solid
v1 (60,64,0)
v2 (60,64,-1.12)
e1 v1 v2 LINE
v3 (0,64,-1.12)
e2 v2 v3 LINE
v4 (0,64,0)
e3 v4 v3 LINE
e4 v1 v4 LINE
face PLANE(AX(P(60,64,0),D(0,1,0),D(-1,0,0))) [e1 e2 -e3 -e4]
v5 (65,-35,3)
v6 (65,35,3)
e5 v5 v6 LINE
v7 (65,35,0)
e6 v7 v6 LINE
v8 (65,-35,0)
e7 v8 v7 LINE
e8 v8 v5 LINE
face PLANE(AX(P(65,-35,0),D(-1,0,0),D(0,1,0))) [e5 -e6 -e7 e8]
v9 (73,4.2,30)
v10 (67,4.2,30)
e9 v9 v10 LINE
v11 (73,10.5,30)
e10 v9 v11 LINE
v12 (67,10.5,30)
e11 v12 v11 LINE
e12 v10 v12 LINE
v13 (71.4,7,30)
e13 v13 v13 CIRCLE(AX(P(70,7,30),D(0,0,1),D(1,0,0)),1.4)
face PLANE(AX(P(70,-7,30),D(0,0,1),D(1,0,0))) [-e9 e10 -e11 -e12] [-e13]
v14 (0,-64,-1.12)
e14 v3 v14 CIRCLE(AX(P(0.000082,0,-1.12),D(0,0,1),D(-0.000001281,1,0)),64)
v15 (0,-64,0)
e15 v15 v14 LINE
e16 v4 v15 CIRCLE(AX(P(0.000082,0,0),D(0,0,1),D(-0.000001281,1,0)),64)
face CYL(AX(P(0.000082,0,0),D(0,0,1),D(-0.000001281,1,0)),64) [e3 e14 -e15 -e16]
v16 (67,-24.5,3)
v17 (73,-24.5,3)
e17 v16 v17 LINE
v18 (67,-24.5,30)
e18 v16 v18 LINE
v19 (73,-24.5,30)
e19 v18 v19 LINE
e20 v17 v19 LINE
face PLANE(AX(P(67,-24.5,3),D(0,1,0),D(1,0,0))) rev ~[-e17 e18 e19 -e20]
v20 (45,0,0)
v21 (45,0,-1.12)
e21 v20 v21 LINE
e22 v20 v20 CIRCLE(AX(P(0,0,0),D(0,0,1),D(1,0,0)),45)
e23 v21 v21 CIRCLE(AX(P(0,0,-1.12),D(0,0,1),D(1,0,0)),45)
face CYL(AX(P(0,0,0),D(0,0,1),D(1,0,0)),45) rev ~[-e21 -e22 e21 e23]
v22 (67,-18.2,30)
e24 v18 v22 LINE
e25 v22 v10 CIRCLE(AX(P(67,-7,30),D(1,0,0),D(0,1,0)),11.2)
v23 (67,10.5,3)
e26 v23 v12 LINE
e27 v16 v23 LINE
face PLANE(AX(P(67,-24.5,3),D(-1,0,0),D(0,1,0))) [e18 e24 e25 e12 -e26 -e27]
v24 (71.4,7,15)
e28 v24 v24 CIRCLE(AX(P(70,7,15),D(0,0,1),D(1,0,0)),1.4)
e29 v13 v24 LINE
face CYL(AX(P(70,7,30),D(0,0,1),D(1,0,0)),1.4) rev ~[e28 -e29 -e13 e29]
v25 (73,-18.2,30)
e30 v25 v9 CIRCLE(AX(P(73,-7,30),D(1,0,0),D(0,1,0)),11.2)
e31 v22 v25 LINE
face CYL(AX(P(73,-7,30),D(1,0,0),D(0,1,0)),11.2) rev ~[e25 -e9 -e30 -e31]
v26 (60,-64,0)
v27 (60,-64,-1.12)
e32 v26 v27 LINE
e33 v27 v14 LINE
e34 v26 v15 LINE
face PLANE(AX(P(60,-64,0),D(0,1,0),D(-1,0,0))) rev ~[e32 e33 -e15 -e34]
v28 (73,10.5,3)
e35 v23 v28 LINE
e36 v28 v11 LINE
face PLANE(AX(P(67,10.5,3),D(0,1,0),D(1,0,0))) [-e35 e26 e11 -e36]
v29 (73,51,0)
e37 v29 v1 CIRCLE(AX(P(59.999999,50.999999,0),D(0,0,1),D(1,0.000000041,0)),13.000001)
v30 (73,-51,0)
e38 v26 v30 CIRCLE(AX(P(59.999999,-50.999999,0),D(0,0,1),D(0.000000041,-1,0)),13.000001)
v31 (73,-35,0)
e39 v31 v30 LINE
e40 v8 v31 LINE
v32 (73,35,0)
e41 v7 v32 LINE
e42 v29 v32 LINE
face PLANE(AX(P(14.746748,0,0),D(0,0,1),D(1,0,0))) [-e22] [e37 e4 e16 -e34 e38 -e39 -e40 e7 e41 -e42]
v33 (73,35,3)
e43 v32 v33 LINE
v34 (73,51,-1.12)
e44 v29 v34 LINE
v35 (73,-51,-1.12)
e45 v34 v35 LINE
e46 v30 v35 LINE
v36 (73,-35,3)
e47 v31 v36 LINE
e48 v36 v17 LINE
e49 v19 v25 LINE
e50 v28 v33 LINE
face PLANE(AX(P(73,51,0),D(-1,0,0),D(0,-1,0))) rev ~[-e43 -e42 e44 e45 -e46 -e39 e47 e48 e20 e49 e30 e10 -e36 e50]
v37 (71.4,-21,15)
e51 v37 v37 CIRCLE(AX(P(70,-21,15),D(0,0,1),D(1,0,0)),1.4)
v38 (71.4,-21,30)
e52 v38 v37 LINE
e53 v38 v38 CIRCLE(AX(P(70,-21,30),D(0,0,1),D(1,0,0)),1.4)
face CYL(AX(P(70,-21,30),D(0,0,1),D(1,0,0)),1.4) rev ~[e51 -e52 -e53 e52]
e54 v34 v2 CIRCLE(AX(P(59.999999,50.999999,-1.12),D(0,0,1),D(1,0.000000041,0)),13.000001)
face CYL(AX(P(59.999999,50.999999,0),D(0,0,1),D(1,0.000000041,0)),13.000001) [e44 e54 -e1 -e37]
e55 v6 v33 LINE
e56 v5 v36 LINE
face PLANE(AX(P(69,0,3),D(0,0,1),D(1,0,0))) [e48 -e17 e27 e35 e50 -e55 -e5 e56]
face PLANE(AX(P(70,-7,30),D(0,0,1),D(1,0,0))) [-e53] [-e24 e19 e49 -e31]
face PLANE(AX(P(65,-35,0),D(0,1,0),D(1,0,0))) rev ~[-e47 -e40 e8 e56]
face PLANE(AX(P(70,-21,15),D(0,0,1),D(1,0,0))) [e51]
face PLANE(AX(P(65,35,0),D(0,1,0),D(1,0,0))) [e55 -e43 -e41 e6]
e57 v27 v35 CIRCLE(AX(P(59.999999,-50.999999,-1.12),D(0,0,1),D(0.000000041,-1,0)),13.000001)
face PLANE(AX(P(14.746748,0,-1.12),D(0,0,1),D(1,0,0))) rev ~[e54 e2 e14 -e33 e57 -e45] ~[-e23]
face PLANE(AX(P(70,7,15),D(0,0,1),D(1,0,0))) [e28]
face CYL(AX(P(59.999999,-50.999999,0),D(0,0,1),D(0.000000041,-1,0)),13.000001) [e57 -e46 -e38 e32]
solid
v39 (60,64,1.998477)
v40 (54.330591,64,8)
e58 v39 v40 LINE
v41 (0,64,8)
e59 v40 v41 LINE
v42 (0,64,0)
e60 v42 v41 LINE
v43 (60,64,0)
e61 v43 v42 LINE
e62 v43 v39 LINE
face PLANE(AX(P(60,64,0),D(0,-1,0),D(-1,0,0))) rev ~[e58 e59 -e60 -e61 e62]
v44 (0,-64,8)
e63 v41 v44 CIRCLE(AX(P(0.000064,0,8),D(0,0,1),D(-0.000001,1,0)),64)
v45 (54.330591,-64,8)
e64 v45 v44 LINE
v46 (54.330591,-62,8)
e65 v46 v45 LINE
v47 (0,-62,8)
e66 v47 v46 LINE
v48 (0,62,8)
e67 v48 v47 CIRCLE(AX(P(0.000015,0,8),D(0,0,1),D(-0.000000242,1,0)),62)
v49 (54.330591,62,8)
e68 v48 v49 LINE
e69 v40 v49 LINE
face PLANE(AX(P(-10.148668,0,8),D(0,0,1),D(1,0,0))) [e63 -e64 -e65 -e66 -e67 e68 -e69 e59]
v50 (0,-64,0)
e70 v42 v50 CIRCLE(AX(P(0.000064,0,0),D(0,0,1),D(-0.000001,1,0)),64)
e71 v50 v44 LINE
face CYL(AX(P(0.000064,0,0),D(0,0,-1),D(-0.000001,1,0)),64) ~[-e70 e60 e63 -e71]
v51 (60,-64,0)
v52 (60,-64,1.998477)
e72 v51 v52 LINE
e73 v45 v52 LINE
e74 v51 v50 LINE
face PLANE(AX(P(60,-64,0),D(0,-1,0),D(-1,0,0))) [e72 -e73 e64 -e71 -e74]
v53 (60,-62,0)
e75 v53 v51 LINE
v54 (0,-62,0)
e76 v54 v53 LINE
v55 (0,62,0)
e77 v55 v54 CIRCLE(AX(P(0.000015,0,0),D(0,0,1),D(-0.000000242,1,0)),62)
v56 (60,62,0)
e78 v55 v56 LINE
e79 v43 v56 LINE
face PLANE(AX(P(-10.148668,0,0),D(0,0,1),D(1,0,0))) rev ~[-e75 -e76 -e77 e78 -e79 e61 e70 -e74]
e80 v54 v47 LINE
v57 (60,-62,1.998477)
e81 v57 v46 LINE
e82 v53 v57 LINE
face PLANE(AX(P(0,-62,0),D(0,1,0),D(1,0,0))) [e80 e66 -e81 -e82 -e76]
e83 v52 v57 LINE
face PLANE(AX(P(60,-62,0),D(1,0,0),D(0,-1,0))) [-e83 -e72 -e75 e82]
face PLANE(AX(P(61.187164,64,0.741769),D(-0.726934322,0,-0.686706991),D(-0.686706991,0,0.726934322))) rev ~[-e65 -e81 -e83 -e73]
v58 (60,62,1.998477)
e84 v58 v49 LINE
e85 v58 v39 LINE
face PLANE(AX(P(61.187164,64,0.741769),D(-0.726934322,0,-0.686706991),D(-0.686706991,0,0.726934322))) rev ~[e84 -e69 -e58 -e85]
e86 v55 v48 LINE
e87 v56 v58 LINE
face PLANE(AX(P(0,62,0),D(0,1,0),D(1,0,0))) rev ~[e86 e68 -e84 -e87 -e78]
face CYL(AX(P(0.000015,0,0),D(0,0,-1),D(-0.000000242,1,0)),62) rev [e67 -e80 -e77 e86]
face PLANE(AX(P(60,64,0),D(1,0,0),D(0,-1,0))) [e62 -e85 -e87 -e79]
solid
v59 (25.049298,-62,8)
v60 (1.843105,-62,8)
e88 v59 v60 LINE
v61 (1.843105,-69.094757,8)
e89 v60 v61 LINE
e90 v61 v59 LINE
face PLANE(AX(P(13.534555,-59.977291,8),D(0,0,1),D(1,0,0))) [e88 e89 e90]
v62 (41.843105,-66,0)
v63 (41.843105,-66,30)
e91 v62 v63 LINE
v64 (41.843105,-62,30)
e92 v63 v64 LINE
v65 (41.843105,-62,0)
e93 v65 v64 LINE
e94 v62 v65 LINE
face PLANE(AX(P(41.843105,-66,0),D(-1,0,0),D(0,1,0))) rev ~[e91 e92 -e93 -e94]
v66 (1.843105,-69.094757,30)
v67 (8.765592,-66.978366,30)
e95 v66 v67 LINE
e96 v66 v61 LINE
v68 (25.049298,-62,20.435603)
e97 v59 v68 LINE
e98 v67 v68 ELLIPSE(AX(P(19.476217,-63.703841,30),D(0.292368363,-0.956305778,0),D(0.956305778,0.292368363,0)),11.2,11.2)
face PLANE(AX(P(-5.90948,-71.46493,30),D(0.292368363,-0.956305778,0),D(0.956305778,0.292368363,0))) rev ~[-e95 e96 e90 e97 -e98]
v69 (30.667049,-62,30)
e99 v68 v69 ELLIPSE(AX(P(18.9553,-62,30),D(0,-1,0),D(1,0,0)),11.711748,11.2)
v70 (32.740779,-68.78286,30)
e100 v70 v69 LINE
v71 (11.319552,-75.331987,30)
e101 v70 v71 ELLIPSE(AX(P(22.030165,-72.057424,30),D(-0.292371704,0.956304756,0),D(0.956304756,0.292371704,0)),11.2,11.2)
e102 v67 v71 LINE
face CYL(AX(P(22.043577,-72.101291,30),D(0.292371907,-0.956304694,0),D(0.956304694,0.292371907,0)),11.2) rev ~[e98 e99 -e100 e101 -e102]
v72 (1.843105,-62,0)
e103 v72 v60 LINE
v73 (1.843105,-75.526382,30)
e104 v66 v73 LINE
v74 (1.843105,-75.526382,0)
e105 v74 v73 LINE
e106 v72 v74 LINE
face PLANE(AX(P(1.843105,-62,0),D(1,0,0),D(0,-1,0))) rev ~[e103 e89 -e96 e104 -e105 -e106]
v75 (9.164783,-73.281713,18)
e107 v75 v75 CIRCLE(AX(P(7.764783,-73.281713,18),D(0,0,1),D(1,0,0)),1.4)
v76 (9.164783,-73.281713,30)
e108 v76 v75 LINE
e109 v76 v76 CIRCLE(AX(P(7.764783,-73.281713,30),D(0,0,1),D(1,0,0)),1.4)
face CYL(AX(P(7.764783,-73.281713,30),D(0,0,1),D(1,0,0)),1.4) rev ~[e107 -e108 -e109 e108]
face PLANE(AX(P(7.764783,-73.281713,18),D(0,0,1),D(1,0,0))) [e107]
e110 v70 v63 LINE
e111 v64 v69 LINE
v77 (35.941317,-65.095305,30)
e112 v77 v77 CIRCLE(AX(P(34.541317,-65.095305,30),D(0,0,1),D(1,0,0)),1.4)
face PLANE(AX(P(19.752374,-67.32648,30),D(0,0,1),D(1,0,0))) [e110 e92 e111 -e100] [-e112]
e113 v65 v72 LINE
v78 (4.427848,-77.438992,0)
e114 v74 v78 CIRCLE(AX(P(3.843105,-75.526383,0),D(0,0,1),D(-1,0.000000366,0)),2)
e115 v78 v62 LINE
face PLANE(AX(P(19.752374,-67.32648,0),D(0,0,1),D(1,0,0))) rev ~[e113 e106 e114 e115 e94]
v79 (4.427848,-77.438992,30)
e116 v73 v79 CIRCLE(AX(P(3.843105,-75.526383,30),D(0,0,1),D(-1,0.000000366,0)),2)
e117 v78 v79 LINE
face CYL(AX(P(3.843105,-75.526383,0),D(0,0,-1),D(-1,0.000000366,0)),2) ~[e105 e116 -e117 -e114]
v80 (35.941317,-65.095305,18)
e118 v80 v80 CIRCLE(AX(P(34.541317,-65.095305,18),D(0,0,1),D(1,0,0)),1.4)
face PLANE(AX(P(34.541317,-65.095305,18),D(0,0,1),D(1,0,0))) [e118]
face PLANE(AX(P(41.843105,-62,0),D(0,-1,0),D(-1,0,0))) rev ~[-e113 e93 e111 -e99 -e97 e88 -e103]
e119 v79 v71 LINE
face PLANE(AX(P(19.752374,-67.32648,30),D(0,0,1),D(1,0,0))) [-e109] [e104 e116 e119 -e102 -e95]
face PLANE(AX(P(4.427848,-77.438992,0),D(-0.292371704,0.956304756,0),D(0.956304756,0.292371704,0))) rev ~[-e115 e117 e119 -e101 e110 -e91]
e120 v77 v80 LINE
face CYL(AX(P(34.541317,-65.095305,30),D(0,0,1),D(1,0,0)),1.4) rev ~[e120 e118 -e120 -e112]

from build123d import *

# Parameters (mm, degrees)
PAD001_DEPTH    = 8
POCKET005_DEPTH = 128.001
PAD005_DEPTH    = 30
SKETCH005_R     = 11.2
POCKET_DEPTH    = 15.566959
POCKET006_DEPTH = 22
SKETCH012_R     = 1.4
POCKET007_DEPTH = 12
SKETCH001_R     = 45
PAD_DEPTH       = 1.12
SKETCH_W        = 8
SKETCH_H        = 70
PAD003_DEPTH    = 3
SKETCH008_W     = 6
SKETCH008_H     = 35
PAD004_DEPTH    = 27
SKETCH009_R     = 11.2
POCKET008_DEPTH = 137.000918
SKETCH013_R     = 1.4
POCKET009_DEPTH = 15


with BuildPart() as bevel_connector:
    # Sketch002 → Pad001 (new body)
    with BuildSketch(Plane.XY):
        with BuildLine():
            Line((60, 64), (0, 64))
            ThreePointArc((0, 64), (-63.999936, 0), (0, -64))
            Line((60, -64), (0, -64))
            Line((60, -62), (60, -64))
            Line((0, -62), (60, -62))
            ThreePointArc((0, 62), (-61.999985, 0), (0, -62))
            Line((0, 62), (60, 62))
            Line((60, 64), (60, 62))
        make_face()
    extrude(amount=PAD001_DEPTH)

    # Sketch011 → Pocket005 (cut, through all)
    with BuildSketch(Plane(origin=(0, 64, 0), x_dir=(-1, 0, 0), z_dir=(0, 1, 0))):
        Polygon((-53.9525, 8.40024), (-64.202263, 10.836407), (-61.187164, 0.741769), align=None)
    extrude(amount=-POCKET005_DEPTH, mode=Mode.SUBTRACT)


with BuildPart() as pocket007:
    # Sketch004 → Pad005 (new body)
    with BuildSketch(Plane.XY):
        with BuildLine():
            Line((41.843105, -62), (1.843105, -62))
            Line((1.843105, -62), (1.843105, -75.526382))
            ThreePointArc((1.843105, -75.526382), (2.653459, -77.134096), (4.427848, -77.438992))
            Line((4.427848, -77.438992), (41.843105, -66))
            Line((41.843105, -66), (41.843105, -62))
        make_face()
    extrude(amount=PAD005_DEPTH)

    # Sketch005 → Pocket (cut, through all)
    with BuildSketch(Plane(origin=(22.043577, -72.101291, 0), x_dir=(0.956305, 0.292372, 0), z_dir=(0.292372, -0.956305, 0))):
        with Locations((0, 30)):
            Circle(SKETCH005_R)
    extrude(amount=-POCKET_DEPTH, mode=Mode.SUBTRACT)

    # Sketch007 → Pocket006 (cut)
    with BuildSketch(Plane.XY.offset(30)):
        Polygon((-4.66376, -53.953282), (-5.90948, -71.46493), (38.1328, -58.000022), (37.116007, -54.0061), align=None)
    extrude(amount=-POCKET006_DEPTH, mode=Mode.SUBTRACT)

    # Sketch012 → Pocket007 (cut)
    with BuildSketch(Plane.XY.offset(30)):
        with Locations((7.764783, -73.281713)):
            Circle(SKETCH012_R)
        with Locations((34.541317, -65.095305)):
            Circle(SKETCH012_R)
    extrude(amount=-POCKET007_DEPTH, mode=Mode.SUBTRACT)


with BuildPart() as pocket009:
    # Sketch001 → Pad (new body)
    with BuildSketch(Plane.XY):
        with BuildLine():
            Line((60, 64), (0, 64))
            ThreePointArc((0, 64), (-63.999918, 0), (0, -64))
            Line((60, -64), (0, -64))
            ThreePointArc((60, -64), (69.192388, -60.192388), (73, -51))
            Line((73, 51), (73, -51))
            ThreePointArc((73, 51), (69.192388, 60.192388), (60, 64))
        make_face()
        Circle(SKETCH001_R, mode=Mode.SUBTRACT)
    extrude(amount=-PAD_DEPTH)

    # Sketch → Pad003 (new body)
    with BuildSketch(Plane.XY):
        with Locations((69, 0)):
            Rectangle(SKETCH_W, SKETCH_H)
    extrude(amount=PAD003_DEPTH)

    # Sketch008 → Pad004 (new body)
    with BuildSketch(Plane.XY.offset(3)):
        with Locations((70, -7)):
            Rectangle(SKETCH008_W, SKETCH008_H)
    extrude(amount=PAD004_DEPTH)

    # Sketch009 → Pocket008 (cut, through all)
    with BuildSketch(Plane.YZ.offset(73)):
        with Locations((-7, 30)):
            Circle(SKETCH009_R)
    extrude(amount=-POCKET008_DEPTH, mode=Mode.SUBTRACT)

    # Sketch013 → Pocket009 (cut)
    with BuildSketch(Plane.XY.offset(30)):
        with Locations((70, 7)):
            Circle(SKETCH013_R)
        with Locations((70, -21)):
            Circle(SKETCH013_R)
    extrude(amount=-POCKET009_DEPTH, mode=Mode.SUBTRACT)


solid = Compound([bevel_connector.part, pocket007.part, pocket009.part])
